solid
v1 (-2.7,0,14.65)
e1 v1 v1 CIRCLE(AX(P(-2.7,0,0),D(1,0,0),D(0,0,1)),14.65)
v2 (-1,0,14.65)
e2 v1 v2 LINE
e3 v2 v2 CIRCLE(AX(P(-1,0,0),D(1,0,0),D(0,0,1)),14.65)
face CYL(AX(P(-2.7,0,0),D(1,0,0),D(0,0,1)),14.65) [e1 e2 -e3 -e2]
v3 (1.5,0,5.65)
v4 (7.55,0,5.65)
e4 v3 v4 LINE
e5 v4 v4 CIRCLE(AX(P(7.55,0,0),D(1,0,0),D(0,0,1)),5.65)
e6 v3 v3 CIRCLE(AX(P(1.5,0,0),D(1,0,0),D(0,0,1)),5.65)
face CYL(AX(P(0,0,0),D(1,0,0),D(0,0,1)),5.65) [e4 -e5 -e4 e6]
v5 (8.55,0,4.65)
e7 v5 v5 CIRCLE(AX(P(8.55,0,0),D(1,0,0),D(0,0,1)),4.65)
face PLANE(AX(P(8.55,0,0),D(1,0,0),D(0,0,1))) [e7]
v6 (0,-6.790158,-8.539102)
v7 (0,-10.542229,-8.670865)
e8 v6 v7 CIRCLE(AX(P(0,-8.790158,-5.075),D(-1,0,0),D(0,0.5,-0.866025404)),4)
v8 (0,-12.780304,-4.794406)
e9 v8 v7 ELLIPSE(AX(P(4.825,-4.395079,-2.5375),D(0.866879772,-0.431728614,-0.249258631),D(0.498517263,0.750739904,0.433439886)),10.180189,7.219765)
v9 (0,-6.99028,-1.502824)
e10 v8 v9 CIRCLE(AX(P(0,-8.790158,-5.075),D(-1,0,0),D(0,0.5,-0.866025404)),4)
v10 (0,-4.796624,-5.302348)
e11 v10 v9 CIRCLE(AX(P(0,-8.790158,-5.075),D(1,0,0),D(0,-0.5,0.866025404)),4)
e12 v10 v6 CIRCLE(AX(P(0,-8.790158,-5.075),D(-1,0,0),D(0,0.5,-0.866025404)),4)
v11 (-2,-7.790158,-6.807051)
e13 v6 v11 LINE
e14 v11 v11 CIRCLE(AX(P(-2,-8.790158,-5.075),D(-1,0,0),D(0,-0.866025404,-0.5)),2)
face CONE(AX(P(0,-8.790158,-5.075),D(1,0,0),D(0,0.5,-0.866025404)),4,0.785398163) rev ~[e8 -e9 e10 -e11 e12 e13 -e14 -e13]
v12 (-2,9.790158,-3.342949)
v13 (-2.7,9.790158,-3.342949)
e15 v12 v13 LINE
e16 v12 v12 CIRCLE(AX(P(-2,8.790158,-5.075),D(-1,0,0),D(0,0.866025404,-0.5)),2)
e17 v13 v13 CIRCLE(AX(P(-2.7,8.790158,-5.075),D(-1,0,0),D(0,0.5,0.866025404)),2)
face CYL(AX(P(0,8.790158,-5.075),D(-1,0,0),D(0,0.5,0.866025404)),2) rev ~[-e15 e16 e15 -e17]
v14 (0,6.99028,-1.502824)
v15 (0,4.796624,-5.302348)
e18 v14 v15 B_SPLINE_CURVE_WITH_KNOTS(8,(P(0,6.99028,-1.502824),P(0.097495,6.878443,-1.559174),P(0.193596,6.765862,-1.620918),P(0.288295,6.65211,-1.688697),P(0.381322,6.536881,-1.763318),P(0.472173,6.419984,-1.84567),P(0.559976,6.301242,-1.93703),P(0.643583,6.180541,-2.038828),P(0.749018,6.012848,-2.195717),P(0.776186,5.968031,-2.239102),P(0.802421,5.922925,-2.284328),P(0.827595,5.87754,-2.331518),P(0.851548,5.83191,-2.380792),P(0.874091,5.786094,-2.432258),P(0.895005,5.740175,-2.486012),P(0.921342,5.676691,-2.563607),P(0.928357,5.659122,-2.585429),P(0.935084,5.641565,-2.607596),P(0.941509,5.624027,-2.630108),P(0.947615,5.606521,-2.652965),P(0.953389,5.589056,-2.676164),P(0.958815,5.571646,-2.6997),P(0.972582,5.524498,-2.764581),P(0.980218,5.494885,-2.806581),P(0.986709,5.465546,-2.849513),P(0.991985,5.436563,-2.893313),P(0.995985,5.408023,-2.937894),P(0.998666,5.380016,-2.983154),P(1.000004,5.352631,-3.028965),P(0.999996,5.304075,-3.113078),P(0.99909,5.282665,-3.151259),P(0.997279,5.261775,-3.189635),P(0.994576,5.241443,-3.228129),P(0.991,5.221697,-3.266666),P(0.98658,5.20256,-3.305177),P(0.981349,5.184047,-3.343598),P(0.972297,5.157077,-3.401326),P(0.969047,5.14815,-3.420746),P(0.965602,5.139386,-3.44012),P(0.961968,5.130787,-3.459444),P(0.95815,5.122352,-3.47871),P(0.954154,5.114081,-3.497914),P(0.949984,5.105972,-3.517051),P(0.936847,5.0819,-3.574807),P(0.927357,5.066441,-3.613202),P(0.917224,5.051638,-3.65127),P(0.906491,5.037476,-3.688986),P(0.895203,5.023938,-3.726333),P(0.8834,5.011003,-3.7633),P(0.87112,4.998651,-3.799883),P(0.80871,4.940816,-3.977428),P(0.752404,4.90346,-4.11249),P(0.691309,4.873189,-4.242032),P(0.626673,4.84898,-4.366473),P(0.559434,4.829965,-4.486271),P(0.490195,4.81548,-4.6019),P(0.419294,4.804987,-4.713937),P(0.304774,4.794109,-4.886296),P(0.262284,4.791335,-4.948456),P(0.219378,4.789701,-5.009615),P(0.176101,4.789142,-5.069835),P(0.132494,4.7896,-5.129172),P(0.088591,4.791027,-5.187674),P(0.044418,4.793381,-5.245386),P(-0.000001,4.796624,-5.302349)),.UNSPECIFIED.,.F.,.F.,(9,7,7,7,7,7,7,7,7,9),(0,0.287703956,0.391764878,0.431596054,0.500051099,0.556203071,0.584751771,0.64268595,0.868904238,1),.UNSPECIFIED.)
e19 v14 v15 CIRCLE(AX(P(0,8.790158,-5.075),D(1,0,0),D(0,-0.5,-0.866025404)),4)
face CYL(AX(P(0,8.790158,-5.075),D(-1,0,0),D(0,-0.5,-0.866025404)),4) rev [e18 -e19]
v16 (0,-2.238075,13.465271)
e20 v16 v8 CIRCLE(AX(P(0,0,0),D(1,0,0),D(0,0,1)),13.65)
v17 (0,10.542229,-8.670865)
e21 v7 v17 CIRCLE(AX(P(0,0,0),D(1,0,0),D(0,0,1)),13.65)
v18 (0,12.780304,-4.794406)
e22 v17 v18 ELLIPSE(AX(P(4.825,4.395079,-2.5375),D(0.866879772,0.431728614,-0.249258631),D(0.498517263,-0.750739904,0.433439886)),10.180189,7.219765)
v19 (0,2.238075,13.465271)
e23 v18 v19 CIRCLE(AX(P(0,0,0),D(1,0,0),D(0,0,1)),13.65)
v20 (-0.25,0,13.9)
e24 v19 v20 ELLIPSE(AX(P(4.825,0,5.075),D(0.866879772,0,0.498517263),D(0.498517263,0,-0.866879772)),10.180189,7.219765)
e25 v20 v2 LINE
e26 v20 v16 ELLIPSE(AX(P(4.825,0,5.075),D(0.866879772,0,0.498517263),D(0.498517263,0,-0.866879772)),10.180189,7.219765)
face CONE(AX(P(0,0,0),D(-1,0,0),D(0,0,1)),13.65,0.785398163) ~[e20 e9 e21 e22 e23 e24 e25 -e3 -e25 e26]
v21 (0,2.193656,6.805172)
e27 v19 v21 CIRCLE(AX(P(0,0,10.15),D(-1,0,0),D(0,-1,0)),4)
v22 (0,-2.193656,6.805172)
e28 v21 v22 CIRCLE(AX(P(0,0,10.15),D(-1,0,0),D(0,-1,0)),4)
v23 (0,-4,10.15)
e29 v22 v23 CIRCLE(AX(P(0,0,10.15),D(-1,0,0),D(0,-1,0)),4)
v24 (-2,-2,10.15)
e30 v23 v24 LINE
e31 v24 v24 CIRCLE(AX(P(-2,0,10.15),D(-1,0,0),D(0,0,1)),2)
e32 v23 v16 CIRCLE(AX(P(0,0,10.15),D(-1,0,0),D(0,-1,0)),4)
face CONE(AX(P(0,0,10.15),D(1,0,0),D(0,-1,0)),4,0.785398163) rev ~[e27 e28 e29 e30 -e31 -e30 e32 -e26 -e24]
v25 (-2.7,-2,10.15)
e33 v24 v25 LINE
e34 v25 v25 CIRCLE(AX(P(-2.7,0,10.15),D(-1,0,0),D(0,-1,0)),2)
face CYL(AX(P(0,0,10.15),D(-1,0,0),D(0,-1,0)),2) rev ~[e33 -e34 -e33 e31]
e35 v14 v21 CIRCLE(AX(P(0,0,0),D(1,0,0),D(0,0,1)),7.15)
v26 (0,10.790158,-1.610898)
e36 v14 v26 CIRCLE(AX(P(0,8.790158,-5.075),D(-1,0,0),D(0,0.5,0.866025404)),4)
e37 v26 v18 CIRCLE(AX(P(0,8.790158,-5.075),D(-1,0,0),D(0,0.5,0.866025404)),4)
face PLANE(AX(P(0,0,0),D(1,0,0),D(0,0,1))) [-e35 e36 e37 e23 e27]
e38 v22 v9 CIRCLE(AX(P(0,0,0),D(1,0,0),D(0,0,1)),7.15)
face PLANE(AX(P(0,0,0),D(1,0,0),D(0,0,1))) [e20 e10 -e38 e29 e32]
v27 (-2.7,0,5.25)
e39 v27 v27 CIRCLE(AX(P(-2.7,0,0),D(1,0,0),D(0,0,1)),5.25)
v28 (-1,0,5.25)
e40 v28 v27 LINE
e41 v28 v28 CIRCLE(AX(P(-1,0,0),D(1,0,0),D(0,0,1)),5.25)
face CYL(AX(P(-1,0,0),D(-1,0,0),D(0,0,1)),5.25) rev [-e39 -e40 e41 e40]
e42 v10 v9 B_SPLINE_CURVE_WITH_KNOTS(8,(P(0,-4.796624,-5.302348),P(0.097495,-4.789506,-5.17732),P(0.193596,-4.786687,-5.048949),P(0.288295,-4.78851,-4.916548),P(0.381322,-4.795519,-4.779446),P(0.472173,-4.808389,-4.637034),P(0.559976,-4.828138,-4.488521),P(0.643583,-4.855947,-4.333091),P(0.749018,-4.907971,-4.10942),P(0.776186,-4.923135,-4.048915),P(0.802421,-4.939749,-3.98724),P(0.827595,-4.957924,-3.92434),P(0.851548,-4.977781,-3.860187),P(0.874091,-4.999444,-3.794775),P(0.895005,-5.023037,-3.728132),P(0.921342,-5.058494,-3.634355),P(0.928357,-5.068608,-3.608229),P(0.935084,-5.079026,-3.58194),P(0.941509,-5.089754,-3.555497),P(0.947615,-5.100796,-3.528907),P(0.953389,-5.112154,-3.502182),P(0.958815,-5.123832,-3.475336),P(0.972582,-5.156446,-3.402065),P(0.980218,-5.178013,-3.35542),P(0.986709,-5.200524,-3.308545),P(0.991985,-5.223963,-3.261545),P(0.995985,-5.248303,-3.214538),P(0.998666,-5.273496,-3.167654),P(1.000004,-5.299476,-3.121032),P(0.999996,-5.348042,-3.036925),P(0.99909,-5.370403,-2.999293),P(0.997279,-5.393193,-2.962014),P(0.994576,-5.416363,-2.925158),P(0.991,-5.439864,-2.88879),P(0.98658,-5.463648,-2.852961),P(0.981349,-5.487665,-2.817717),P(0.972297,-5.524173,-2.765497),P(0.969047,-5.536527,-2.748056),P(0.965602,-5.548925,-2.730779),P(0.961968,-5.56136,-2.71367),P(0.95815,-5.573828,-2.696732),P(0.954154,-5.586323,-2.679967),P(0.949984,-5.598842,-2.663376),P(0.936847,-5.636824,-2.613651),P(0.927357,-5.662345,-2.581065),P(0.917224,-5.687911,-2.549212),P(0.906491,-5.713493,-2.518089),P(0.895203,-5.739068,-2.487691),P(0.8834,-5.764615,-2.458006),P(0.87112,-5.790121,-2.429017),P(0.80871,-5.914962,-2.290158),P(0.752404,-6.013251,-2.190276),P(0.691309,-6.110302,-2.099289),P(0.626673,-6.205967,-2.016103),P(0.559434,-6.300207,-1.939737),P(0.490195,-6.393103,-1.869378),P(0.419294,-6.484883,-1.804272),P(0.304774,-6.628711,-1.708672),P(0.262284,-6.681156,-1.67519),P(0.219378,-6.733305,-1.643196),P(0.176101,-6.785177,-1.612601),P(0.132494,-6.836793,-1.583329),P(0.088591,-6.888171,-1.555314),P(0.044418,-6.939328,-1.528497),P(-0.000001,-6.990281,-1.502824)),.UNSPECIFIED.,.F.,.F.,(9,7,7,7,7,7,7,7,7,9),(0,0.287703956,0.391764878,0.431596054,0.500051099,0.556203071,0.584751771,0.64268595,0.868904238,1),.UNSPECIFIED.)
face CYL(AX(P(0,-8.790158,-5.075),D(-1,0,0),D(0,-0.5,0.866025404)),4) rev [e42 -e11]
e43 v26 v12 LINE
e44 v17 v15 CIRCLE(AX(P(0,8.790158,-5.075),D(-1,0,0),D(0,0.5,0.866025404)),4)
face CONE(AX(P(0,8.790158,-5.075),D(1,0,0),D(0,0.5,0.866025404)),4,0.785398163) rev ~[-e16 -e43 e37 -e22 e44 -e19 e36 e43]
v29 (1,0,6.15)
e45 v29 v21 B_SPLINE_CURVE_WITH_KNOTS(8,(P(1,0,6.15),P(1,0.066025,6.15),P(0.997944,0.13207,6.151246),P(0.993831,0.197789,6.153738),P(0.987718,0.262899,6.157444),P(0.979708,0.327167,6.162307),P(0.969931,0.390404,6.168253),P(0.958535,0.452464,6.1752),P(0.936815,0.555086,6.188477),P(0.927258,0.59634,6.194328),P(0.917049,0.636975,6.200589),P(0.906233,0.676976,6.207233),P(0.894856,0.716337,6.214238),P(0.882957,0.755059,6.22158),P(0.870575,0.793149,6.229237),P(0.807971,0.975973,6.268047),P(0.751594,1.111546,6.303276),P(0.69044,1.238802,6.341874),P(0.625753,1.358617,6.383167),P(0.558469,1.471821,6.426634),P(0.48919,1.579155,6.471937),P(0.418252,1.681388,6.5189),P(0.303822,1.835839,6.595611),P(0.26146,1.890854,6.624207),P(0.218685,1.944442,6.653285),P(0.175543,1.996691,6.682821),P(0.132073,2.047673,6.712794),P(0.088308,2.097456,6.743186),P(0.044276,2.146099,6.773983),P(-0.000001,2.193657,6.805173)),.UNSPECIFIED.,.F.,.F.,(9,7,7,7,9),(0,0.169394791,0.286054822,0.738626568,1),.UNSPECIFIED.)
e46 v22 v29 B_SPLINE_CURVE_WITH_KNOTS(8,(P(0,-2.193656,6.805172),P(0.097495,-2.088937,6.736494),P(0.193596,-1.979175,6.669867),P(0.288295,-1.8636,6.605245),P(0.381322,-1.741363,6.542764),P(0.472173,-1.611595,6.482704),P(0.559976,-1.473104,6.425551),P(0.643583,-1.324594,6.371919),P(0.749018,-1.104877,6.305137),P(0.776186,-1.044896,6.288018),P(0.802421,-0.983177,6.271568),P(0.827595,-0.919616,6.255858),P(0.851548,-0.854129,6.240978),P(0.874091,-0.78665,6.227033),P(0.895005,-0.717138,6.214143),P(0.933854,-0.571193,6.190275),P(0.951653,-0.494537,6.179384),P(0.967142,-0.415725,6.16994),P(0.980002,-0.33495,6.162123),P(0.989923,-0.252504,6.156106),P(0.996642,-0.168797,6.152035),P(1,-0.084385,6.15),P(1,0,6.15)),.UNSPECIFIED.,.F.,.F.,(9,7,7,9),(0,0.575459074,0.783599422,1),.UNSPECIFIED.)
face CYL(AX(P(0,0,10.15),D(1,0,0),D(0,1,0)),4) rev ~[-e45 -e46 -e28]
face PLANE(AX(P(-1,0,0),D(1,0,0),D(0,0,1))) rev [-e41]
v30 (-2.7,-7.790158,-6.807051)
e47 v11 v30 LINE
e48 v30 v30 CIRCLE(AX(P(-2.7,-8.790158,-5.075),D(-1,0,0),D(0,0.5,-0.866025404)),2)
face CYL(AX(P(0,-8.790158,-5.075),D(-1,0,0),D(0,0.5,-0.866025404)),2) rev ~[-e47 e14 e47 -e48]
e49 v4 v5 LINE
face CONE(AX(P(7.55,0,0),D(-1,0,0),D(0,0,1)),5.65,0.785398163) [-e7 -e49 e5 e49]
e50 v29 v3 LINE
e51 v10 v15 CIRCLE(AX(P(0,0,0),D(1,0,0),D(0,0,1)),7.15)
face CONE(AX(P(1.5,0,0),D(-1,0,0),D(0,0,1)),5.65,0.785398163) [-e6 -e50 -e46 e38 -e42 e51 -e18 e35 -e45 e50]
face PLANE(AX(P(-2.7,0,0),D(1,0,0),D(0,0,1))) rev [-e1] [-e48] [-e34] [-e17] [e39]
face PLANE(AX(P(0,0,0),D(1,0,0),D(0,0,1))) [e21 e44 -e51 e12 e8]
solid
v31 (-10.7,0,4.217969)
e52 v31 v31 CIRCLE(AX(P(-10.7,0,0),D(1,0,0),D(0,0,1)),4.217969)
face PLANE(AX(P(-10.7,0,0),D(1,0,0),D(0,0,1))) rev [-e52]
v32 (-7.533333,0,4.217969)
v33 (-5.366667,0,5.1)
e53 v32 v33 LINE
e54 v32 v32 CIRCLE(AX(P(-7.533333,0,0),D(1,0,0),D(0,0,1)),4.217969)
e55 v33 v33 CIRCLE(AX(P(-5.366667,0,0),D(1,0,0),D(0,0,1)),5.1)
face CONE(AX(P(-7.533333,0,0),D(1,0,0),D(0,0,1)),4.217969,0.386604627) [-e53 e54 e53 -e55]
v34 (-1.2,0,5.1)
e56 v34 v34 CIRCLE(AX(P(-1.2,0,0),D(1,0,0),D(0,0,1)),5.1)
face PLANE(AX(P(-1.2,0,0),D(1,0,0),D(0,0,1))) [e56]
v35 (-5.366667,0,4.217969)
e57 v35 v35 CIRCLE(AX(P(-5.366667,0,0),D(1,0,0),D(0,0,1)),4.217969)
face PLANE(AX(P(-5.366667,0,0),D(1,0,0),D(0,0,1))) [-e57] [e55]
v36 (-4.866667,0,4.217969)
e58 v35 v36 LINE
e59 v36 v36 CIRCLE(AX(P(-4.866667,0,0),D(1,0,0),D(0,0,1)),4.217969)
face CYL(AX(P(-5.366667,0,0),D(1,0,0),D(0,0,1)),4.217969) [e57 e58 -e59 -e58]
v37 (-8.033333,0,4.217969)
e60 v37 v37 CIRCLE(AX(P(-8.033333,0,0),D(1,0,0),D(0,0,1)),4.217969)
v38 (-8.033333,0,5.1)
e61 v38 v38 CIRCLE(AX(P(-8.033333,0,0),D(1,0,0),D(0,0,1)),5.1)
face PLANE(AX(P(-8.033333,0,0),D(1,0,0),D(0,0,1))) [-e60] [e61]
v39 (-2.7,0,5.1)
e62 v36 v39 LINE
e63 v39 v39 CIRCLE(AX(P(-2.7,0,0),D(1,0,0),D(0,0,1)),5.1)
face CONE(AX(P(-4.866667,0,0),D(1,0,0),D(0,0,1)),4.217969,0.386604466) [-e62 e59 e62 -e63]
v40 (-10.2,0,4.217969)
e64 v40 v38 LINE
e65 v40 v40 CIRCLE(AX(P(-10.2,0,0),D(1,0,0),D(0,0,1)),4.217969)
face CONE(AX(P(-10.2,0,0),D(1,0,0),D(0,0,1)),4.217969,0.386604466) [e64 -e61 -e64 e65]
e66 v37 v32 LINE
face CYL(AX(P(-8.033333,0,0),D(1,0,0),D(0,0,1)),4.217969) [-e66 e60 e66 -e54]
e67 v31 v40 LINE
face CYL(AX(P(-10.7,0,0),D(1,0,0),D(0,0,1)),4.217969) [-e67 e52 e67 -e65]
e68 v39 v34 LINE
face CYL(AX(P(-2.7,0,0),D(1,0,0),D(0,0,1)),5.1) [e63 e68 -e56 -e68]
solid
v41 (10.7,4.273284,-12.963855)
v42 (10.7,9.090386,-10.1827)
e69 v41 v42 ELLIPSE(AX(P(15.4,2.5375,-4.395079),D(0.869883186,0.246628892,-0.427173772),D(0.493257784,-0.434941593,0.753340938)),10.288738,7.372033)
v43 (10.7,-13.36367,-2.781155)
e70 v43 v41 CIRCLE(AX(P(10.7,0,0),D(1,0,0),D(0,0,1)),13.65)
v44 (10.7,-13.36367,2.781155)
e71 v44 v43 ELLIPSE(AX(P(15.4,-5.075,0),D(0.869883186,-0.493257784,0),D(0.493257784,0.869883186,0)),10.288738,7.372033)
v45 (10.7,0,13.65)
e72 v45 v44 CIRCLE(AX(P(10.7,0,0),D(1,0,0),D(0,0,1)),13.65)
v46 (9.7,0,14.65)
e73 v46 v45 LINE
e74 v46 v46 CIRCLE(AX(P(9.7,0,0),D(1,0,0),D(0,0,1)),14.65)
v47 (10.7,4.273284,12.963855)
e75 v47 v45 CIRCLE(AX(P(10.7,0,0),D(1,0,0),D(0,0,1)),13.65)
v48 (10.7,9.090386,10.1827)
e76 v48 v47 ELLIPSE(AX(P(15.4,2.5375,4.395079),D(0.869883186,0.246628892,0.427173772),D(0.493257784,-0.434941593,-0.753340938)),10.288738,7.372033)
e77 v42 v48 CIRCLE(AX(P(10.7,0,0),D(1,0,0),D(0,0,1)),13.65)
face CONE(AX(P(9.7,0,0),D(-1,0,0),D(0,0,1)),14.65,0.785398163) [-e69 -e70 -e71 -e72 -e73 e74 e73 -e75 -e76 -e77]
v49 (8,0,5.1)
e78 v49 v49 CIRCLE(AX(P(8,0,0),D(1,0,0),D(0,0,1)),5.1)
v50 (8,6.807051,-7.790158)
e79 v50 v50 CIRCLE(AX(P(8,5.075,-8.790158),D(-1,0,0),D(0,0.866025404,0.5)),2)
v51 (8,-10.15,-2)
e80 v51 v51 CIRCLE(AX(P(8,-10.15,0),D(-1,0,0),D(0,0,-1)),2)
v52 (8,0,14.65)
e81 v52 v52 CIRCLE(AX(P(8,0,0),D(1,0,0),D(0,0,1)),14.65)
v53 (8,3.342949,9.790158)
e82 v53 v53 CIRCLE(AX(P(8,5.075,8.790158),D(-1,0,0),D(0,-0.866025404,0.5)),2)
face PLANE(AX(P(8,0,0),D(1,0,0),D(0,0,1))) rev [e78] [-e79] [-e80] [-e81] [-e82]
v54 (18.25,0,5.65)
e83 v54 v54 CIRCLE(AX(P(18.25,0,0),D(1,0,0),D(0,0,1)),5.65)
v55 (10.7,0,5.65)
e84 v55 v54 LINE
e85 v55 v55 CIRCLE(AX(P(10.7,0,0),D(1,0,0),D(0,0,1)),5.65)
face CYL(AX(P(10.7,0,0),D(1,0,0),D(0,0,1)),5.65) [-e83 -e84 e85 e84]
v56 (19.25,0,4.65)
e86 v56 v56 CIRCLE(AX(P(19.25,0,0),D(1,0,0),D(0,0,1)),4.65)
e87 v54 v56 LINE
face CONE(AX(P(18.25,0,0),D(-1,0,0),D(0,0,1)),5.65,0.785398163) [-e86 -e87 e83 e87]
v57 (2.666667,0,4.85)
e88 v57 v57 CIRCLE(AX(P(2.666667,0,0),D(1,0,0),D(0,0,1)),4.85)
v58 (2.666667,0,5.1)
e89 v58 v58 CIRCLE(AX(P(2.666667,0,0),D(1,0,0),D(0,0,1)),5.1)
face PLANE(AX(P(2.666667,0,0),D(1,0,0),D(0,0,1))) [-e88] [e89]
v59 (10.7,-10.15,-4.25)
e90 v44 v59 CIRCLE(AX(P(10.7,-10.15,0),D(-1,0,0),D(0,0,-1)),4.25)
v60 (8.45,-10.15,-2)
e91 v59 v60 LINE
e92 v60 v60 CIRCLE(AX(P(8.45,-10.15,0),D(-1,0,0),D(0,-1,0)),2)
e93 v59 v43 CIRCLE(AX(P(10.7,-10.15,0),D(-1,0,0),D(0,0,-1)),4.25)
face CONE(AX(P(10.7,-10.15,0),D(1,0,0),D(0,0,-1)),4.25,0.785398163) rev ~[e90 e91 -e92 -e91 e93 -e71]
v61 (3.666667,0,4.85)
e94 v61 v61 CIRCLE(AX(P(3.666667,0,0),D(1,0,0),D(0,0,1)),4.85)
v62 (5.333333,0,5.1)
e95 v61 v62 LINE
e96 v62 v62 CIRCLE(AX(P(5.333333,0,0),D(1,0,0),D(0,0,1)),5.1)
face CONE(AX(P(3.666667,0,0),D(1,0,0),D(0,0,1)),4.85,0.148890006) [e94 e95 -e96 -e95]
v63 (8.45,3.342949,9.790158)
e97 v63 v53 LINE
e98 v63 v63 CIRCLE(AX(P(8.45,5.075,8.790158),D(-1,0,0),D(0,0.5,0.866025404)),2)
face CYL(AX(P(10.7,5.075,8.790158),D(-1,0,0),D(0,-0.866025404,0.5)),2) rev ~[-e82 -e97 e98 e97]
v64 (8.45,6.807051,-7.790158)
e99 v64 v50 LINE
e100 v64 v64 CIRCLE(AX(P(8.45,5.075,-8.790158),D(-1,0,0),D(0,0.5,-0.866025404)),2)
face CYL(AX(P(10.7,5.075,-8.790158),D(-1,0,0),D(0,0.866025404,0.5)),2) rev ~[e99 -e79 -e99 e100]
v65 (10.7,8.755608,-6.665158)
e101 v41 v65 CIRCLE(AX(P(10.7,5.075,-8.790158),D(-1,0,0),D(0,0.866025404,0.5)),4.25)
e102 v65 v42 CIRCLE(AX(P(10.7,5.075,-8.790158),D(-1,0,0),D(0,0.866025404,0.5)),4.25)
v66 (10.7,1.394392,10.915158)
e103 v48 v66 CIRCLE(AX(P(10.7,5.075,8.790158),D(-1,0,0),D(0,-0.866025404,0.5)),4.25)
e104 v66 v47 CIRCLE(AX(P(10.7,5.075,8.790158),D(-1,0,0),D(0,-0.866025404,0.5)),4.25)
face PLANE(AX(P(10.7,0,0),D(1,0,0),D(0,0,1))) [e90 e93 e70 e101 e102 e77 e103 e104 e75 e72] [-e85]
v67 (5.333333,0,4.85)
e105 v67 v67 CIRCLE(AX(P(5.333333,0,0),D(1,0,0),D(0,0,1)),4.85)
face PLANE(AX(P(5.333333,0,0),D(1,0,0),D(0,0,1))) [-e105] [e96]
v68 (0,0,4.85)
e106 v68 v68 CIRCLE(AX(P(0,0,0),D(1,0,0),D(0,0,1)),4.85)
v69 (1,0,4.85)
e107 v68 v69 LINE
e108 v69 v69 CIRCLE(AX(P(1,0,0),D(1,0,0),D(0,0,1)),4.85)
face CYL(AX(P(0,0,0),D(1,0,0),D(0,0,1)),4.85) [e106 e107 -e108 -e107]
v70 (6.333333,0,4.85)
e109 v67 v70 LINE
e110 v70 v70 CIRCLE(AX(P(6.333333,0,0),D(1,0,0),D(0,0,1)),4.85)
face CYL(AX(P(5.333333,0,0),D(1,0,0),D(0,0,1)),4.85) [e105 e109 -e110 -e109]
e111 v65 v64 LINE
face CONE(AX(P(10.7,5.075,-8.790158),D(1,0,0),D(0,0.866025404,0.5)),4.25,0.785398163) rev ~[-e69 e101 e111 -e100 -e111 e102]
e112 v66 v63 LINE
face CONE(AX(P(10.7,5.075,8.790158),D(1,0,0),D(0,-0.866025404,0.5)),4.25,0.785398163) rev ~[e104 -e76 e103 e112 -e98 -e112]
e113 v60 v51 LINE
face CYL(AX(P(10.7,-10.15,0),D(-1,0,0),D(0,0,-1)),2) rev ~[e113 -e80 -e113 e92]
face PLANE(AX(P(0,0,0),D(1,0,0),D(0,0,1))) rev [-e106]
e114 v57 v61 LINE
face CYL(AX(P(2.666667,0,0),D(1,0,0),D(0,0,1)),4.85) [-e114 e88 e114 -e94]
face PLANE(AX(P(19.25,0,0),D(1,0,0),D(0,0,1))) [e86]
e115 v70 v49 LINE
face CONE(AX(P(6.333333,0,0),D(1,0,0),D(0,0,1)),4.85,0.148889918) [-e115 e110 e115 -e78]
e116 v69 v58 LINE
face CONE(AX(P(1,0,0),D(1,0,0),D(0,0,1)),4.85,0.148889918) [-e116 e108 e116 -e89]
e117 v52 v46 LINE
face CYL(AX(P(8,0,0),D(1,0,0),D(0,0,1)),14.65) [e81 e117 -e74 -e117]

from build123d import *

# Parameters (mm, degrees)
HOLE_D                = 4
HOLE_CSINK_D          = 8.5
HOLE_CSINK_ANGLE      = 90
POLARPATTERN_COUNT    = 3
CHAMFER_SIZE          = 1
CHAMFER001_SIZE       = 1.5
HOLE001_D             = 4
HOLE001_DEPTH         = 86.731717
HOLE001_CSINK_D       = 8
HOLE001_CSINK_ANGLE   = 90
SKETCH004_R           = 4
POCKET_DEPTH          = 94.423988
POLARPATTERN002_COUNT = 3
CHAMFER002_SIZE       = 1


with BuildPart() as body:
    # Sketch → Revolution (revolve)
    with BuildSketch(Plane.XZ):
        Polygon((8, 5.1), (8, 14.65), (10.7, 14.65), (10.7, 5.65), (19.25, 5.65), (19.25, 0), (0, 0), (0, 4.85), (1, 4.85), (2.666667, 5.1), (2.666667, 4.85), (3.666667, 4.85), (5.333333, 5.1), (5.333333, 4.85), (6.333333, 4.85), align=None)
    revolve(axis=Axis((0, 0, 0), (1, 0, 0)))

    # Hole (through all)
    with Locations(Plane(origin=(10.7, 0, 0), x_dir=(0, 0, 1), z_dir=(1, 0, 0))):
        with Locations((0, 10.15)):
            hole = CounterSinkHole(HOLE_D / 2, HOLE_CSINK_D / 2, counter_sink_angle=HOLE_CSINK_ANGLE)

    # PolarPattern: Hole ×3 about axis
    polarpattern_axis = Axis((10.7, 0, 0), (1, 0, 0))
    for i in range(1, POLARPATTERN_COUNT):
        add(hole.rotate(polarpattern_axis, i * 360 / POLARPATTERN_COUNT), mode=Mode.SUBTRACT)

    # Chamfer
    chamfer_edges = [body.edges().sort_by_distance(p)[0] for p in [
        (19.25, 0, -5.65),
    ]]
    chamfer(chamfer_edges, length=CHAMFER_SIZE)

    # Sketch007 → Groove001 (revolve, cut)
    with BuildSketch(Plane.XZ):
        Polygon((9.7, 14.65), (10.7, 13.65), (10.7, 14.65), align=None)
    revolve(axis=Axis((0, 0, 0), (1, 0, 0)), mode=Mode.SUBTRACT)


with BuildPart() as outer:
    # Sketch002 → Revolution001 (revolve)
    with BuildSketch(Plane.XZ):
        Polygon((-2.7, 14.65), (0, 14.65), (0, 5.65), (8.55, 5.65), (8.55, 0), (-1, 0), (-1, 5.25), (-2.7, 5.25), align=None)
    revolve(axis=Axis((0, 0, 0), (1, 0, 0)))

    # Chamfer001
    chamfer001_edges = [outer.edges().sort_by_distance(p)[0] for p in [
        (0, 0, -5.65),
    ]]
    chamfer(chamfer001_edges, length=CHAMFER001_SIZE)

    # Hole001
    with Locations(Plane.YZ):
        with Locations((0, 10.15)):
            hole001 = CounterSinkHole(HOLE001_D / 2, HOLE001_CSINK_D / 2, depth=HOLE001_DEPTH, counter_sink_angle=HOLE001_CSINK_ANGLE)

    # Sketch004 → Pocket (cut, through all)
    with BuildSketch(Plane.YZ):
        with Locations((0, 10.15)):
            Circle(SKETCH004_R)
    pocket = extrude(amount=POCKET_DEPTH, mode=Mode.SUBTRACT)

    # PolarPattern002: Pocket, Hole001 ×3 about axis
    polarpattern002_axis = Axis((0, 0, 0), (1, 0, 0))
    for i in range(1, POLARPATTERN002_COUNT):
        add(pocket.rotate(polarpattern002_axis, i * 360 / POLARPATTERN002_COUNT), mode=Mode.SUBTRACT)
        add(hole001.rotate(polarpattern002_axis, i * 360 / POLARPATTERN002_COUNT), mode=Mode.SUBTRACT)

    # Sketch006 → Groove (revolve, cut)
    with BuildSketch(Plane.XZ):
        Polygon((-1, 14.65), (0, 14.65), (0, 13.65), align=None)
    revolve(axis=Axis((0, 0, 0), (1, 0, 0)), mode=Mode.SUBTRACT)

    # Chamfer002
    chamfer002_edges = [outer.edges().sort_by_distance(p)[0] for p in [
        (8.55, 0, -5.65),
    ]]
    chamfer(chamfer002_edges, length=CHAMFER002_SIZE)


with BuildPart() as inner:
    # Sketch005 → Revolution002 (revolve)
    with BuildSketch(Plane.XZ):
        Polygon((-2.7, 0), (-10.7, 0), (-10.7, 4.217969), (-10.2, 4.217969), (-8.033333, 5.1), (-8.033333, 4.217969), (-7.533333, 4.217969), (-5.366667, 5.1), (-5.366667, 4.217969), (-4.866667, 4.217969), (-2.7, 5.1), (-1.2, 5.1), (-1.2, 0), align=None)
    revolve(axis=Axis((0, 0, 0), (1, 0, 0)))


solid = Compound([body.part, outer.part, inner.part])
